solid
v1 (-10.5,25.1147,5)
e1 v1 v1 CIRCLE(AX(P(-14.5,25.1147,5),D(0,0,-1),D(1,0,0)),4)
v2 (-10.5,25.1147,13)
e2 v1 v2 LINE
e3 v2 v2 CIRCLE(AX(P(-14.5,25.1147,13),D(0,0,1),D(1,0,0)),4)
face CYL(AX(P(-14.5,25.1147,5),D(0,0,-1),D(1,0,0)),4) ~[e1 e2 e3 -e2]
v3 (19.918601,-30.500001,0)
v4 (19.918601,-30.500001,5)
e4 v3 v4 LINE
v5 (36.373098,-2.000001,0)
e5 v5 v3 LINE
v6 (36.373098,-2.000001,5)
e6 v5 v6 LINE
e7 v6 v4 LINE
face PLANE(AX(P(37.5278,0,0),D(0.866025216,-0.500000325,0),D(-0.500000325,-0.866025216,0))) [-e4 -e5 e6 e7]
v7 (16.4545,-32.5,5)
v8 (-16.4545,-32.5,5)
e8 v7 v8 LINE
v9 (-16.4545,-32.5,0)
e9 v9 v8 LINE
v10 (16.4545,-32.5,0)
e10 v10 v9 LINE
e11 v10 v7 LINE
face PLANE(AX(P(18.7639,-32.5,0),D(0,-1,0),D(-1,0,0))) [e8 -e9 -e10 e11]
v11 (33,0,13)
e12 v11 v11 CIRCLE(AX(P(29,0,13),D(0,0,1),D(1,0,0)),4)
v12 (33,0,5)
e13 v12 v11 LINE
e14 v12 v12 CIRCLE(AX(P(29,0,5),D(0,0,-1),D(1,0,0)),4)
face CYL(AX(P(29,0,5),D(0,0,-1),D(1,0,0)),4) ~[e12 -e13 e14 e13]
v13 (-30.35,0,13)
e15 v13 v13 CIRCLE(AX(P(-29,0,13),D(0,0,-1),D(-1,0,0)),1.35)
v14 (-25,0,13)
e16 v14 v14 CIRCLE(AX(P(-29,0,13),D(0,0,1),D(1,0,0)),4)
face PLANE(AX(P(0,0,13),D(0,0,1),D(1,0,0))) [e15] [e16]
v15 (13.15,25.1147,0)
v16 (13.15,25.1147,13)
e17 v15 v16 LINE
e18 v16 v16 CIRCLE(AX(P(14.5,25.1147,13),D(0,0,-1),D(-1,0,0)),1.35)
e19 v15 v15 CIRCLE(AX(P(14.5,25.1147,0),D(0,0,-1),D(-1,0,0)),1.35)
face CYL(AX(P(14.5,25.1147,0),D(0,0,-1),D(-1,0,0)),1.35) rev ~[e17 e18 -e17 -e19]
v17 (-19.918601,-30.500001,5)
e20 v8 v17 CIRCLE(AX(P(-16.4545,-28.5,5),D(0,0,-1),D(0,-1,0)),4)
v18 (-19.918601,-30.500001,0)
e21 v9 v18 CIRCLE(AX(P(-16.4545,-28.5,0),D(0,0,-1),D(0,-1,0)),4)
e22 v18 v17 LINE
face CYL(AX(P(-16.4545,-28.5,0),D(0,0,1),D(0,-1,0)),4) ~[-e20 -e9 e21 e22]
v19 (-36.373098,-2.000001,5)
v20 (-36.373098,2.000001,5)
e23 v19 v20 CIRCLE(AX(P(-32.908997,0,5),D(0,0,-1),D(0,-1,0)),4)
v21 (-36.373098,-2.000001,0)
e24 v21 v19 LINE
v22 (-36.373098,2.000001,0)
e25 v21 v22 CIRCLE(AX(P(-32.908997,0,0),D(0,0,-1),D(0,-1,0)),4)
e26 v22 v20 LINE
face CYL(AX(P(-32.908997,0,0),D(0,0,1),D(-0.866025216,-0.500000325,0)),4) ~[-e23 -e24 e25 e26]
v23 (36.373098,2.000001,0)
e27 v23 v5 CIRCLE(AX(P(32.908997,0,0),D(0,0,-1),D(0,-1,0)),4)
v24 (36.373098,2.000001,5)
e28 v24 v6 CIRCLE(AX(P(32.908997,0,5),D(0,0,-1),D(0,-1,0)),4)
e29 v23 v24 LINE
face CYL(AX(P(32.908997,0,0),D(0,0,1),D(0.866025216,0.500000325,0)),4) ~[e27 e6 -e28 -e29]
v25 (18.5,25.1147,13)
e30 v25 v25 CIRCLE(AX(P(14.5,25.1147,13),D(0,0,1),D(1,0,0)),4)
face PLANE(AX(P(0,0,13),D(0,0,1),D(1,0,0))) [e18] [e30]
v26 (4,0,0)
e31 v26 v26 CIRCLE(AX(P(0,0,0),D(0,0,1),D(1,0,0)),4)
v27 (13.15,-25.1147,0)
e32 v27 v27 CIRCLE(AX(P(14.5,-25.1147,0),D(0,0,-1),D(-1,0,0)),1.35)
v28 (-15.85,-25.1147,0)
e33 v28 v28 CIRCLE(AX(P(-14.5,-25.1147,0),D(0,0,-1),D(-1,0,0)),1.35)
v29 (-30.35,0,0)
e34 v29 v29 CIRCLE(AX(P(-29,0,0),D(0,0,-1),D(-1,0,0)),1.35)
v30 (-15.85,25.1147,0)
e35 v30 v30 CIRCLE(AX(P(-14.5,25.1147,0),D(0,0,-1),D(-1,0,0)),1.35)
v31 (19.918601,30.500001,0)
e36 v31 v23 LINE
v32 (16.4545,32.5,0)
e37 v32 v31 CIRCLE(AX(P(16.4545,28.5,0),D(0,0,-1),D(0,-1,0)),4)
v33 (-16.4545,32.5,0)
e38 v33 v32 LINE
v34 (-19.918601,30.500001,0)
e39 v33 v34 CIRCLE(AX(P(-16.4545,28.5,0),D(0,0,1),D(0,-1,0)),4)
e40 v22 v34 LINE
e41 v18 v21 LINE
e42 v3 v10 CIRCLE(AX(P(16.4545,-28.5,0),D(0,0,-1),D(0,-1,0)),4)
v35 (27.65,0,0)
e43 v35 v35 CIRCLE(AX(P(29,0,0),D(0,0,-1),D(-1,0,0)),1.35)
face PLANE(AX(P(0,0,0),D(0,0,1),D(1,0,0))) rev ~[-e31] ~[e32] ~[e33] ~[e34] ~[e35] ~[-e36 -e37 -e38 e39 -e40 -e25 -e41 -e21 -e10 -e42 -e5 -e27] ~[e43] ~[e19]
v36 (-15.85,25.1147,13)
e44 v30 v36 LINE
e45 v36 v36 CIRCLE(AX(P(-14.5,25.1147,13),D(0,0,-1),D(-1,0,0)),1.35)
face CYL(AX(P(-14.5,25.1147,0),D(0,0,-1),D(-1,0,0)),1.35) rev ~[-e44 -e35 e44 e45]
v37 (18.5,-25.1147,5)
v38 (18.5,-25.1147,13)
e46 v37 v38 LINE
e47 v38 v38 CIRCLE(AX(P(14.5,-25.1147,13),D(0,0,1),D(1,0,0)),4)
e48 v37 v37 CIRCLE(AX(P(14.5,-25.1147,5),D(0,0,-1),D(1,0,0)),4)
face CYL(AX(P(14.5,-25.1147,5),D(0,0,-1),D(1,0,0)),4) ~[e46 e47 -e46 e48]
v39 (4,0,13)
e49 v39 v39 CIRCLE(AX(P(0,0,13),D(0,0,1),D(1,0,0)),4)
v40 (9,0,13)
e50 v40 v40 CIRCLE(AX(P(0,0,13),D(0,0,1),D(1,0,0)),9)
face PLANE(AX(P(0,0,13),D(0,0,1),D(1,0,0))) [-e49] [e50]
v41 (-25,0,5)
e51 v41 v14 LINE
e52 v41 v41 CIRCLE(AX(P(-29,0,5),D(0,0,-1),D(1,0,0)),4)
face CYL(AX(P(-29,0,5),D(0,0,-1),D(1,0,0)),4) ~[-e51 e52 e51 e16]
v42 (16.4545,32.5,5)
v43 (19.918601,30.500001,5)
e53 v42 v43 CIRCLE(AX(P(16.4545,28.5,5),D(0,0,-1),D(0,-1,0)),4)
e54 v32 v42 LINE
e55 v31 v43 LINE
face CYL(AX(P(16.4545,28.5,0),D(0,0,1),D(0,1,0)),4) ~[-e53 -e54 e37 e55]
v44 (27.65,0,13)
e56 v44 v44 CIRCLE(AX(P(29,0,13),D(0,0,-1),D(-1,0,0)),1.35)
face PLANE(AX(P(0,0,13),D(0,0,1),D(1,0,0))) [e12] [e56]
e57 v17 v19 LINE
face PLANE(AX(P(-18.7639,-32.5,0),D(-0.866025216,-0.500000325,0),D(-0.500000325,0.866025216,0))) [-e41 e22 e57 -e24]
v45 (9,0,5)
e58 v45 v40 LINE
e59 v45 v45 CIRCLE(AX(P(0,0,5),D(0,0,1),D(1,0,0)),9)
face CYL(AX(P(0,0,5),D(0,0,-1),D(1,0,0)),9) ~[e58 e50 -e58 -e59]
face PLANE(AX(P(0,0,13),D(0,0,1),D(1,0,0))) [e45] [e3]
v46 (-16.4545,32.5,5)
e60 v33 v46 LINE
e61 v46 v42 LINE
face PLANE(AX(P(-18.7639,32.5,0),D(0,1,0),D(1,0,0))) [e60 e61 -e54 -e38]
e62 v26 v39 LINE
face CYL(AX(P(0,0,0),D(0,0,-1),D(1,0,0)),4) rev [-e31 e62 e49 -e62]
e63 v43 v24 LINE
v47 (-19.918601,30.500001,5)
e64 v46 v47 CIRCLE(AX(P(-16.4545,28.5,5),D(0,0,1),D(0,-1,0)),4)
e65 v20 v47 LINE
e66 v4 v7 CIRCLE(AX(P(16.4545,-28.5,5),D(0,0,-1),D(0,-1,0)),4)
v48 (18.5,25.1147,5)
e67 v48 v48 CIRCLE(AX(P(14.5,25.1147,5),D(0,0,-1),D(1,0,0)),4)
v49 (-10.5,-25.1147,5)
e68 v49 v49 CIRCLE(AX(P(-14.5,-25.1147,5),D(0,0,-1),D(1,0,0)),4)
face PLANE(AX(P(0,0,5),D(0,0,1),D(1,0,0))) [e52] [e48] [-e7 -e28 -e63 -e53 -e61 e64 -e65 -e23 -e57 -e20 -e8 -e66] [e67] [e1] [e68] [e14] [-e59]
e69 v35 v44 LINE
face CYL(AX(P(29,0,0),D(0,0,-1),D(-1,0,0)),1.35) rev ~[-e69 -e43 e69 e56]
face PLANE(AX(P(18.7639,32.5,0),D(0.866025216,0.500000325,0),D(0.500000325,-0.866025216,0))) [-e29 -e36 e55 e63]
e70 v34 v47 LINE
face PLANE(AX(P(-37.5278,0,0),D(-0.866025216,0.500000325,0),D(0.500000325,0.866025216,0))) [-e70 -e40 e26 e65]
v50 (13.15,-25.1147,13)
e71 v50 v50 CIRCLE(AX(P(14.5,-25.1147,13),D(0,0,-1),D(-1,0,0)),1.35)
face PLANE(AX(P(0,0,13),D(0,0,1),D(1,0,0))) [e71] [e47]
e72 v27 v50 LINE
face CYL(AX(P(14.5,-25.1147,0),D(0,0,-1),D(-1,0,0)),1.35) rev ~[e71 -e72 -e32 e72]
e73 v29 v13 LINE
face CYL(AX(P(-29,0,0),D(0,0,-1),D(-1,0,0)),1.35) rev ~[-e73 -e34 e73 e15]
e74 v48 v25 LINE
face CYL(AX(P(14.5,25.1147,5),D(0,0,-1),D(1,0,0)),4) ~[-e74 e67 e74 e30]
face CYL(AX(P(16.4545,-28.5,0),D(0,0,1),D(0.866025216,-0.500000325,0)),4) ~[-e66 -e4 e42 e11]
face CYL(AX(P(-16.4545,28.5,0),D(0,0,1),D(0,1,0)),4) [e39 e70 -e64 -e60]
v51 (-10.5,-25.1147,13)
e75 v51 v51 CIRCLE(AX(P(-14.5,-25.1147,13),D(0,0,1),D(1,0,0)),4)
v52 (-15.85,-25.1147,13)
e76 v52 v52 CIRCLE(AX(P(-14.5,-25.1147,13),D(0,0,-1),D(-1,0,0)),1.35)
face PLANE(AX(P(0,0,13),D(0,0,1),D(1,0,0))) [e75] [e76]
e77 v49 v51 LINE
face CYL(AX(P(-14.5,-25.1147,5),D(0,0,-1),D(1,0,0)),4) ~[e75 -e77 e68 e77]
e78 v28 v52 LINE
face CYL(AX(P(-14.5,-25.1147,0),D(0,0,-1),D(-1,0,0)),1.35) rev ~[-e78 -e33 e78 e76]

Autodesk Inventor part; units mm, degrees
ref_plane "YZ Plane" through (0, 0, 0) normal (1, 0, 0) x (0, 1, 0)
ref_plane "XZ Plane" through (0, 0, 0) normal (0, 1, 0) x (-1, 0, 0)
ref_plane "XY Plane" through (0, 0, 0) normal (0, 0, 1) x (1, 0, 0)
sketch "Sketch1" plane through (0, 0, 0) normal (0, 0, 1) x (1, 0, 0)
  line L0 (-14.5, 25.1147) -> (14.5, 25.1147) construction
  line L1 (14.5, 25.1147) -> (29, 0) construction
  line L2 (29, 0) -> (14.5, -25.1147) construction
  line L3 (14.5, -25.1147) -> (-14.5, -25.1147) construction
  line L4 (-14.5, -25.1147) -> (-29, 0) construction
  line L5 (-29, 0) -> (-14.5, 25.1147) construction
  line L6 (-18.7639, 32.5) -> (18.7639, 32.5)
  line L7 (18.7639, 32.5) -> (37.5278, 0)
  line L8 (37.5278, 0) -> (18.7639, -32.5)
  line L9 (18.7639, -32.5) -> (-18.7639, -32.5)
  line L10 (-18.7639, -32.5) -> (-37.5278, 0)
  line L11 (-37.5278, 0) -> (-18.7639, 32.5)
  circle A0 centre (-14.5, 25.1147) radius 11 construction
  circle A1 centre (14.5, 25.1147) radius 11 construction
  circle A2 centre (29, 0) radius 11 construction
  circle A3 centre (14.5, -25.1147) radius 11 construction
  circle A4 centre (-14.5, -25.1147) radius 11 construction
  circle A5 centre (-29, 0) radius 11 construction
  circle A6 centre (-14.5, 25.1147) radius 4
  circle A7 centre (14.5, 25.1147) radius 4
  circle A8 centre (29, 0) radius 4
  circle A9 centre (14.5, -25.1147) radius 4
  circle A10 centre (-14.5, -25.1147) radius 4
  circle A11 centre (-29, 0) radius 4
  circle A12 centre (0, 0) radius 4
  circle A13 centre (0, 0) radius 40 construction
  circle A14 centre (0, 0) radius 37.5278 construction
  dimension "d17" = 75.0555
  dimension "d0" = 22
  dimension "d1" = 50.2295
  dimension "d2" = 8
  dimension "d3" = 65
  dimension "d4" = 8
  dimension "d13" = 80
extrude "Extrusion1" add sketch "Sketch1" along normal blind 5
fillet "Fillet1" radius 4 6 edges at (37.5278, 0, 2.5) (18.7639, -32.5, 2.5) (-18.7639, -32.5, 2.5) (-37.5278, 0, 2.5) (-18.7639, 32.5, 2.5) (18.7639, 32.5, 2.5)
sketch "Sketch2" plane through (0, 0, 5) normal (0, 0, 1) x (1, 0, 0)
  arc A0 (19.9186, 30.5) -> (16.4545, 32.5) centre (16.4545, 28.5) ccw projected
  line L0 (16.4545, 32.5) -> (-16.4545, 32.5) projected
  arc A1 (-16.4545, 32.5) -> (-19.9186, 30.5) centre (-16.4545, 28.5) ccw projected
  line L1 (-19.9186, 30.5) -> (-36.3731, 2) projected
  arc A2 (-36.3731, 2) -> (-36.3731, -2) centre (-32.909, 0) ccw projected
  line L2 (-36.3731, -2) -> (-19.9186, -30.5) projected
  arc A3 (-19.9186, -30.5) -> (-16.4545, -32.5) centre (-16.4545, -28.5) ccw projected
  line L3 (-16.4545, -32.5) -> (16.4545, -32.5) projected
  arc A4 (16.4545, -32.5) -> (19.9186, -30.5) centre (16.4545, -28.5) ccw projected
  line L4 (19.9186, -30.5) -> (36.3731, -2) projected
  arc A5 (36.3731, -2) -> (36.3731, 2) centre (32.909, 0) ccw projected
  line L5 (36.3731, 2) -> (19.9186, 30.5) projected
  circle A6 centre (0, 0) radius 4 projected
  circle A7 centre (-29, 0) radius 4 projected
  circle A8 centre (-14.5, -25.1147) radius 4 projected
  circle A9 centre (14.5, -25.1147) radius 4 projected
  circle A10 centre (29, 0) radius 4 projected
  circle A11 centre (14.5, 25.1147) radius 4 projected
  circle A12 centre (-14.5, 25.1147) radius 4 projected
  circle A13 centre (0, 0) radius 4 projected
  circle A14 centre (0, 0) radius 9
  dimension "d8" = 5
extrude "Extrusion2" add sketch "Sketch2" along normal blind 8 contours A7 | A8 | A9 | A10 | A11 | A12 | A14
sketch "Sketch3" plane through (0, 0, 0) normal (0, 0, -1) x (-1, 0, 0)
  circle A0 centre (0, 0) radius 4 projected
  circle A1 centre (29, 0) radius 4 projected
  circle A2 centre (14.5, -25.1147) radius 4 projected
  circle A3 centre (-14.5, -25.1147) radius 4 projected
  circle A4 centre (-29, 0) radius 4 projected
  circle A5 centre (-14.5, 25.1147) radius 4 projected
  circle A6 centre (14.5, 25.1147) radius 4 projected
  arc A7 (-16.4545, 32.5) -> (-19.9186, 30.5) centre (-16.4545, 28.5) ccw projected
  line L0 (-19.9186, 30.5) -> (-36.3731, 2) projected
  arc A8 (-36.3731, 2) -> (-36.3731, -2) centre (-32.909, 0) ccw projected
  line L1 (-36.3731, -2) -> (-19.9186, -30.5) projected
  arc A9 (-19.9186, -30.5) -> (-16.4545, -32.5) centre (-16.4545, -28.5) ccw projected
  line L2 (-16.4545, -32.5) -> (16.4545, -32.5) projected
  arc A10 (16.4545, -32.5) -> (19.9186, -30.5) centre (16.4545, -28.5) ccw projected
  line L3 (19.9186, -30.5) -> (36.3731, -2) projected
  arc A11 (36.3731, -2) -> (36.3731, 2) centre (32.909, 0) ccw projected
  line L4 (36.3731, 2) -> (19.9186, 30.5) projected
  arc A12 (19.9186, 30.5) -> (16.4545, 32.5) centre (16.4545, 28.5) ccw projected
  line L5 (16.4545, 32.5) -> (-16.4545, 32.5) projected
extrude "Extrusion3" add sketch "Sketch3" against normal up to next contours A1 | A2 | A3 | A4 | A5 | A6
sketch "Sketch4" plane through (0, 0, 0) normal (0, 0, -1) x (-1, 0, 0)
  circle A0 centre (-14.5, 25.1147) radius 4 construction
  circle A1 centre (14.5, 25.1147) radius 4 construction
  circle A2 centre (29, 0) radius 4 construction
  circle A3 centre (14.5, -25.1147) radius 4 construction
  circle A4 centre (-14.5, -25.1147) radius 4 construction
  circle A5 centre (-29, 0) radius 4 construction
  circle A6 centre (-14.5, 25.1147) radius 1.35
  circle A7 centre (14.5, 25.1147) radius 1.35
  circle A8 centre (29, 0) radius 1.35
  circle A9 centre (14.5, -25.1147) radius 1.35
  circle A10 centre (-14.5, -25.1147) radius 1.35
  circle A11 centre (-29, 0) radius 1.35
  point P0 (0, 0)
  dimension "d14" = 2.7
extrude "Extrusion4" cut sketch "Sketch4" against normal through all
properties part number "rotor 2"
